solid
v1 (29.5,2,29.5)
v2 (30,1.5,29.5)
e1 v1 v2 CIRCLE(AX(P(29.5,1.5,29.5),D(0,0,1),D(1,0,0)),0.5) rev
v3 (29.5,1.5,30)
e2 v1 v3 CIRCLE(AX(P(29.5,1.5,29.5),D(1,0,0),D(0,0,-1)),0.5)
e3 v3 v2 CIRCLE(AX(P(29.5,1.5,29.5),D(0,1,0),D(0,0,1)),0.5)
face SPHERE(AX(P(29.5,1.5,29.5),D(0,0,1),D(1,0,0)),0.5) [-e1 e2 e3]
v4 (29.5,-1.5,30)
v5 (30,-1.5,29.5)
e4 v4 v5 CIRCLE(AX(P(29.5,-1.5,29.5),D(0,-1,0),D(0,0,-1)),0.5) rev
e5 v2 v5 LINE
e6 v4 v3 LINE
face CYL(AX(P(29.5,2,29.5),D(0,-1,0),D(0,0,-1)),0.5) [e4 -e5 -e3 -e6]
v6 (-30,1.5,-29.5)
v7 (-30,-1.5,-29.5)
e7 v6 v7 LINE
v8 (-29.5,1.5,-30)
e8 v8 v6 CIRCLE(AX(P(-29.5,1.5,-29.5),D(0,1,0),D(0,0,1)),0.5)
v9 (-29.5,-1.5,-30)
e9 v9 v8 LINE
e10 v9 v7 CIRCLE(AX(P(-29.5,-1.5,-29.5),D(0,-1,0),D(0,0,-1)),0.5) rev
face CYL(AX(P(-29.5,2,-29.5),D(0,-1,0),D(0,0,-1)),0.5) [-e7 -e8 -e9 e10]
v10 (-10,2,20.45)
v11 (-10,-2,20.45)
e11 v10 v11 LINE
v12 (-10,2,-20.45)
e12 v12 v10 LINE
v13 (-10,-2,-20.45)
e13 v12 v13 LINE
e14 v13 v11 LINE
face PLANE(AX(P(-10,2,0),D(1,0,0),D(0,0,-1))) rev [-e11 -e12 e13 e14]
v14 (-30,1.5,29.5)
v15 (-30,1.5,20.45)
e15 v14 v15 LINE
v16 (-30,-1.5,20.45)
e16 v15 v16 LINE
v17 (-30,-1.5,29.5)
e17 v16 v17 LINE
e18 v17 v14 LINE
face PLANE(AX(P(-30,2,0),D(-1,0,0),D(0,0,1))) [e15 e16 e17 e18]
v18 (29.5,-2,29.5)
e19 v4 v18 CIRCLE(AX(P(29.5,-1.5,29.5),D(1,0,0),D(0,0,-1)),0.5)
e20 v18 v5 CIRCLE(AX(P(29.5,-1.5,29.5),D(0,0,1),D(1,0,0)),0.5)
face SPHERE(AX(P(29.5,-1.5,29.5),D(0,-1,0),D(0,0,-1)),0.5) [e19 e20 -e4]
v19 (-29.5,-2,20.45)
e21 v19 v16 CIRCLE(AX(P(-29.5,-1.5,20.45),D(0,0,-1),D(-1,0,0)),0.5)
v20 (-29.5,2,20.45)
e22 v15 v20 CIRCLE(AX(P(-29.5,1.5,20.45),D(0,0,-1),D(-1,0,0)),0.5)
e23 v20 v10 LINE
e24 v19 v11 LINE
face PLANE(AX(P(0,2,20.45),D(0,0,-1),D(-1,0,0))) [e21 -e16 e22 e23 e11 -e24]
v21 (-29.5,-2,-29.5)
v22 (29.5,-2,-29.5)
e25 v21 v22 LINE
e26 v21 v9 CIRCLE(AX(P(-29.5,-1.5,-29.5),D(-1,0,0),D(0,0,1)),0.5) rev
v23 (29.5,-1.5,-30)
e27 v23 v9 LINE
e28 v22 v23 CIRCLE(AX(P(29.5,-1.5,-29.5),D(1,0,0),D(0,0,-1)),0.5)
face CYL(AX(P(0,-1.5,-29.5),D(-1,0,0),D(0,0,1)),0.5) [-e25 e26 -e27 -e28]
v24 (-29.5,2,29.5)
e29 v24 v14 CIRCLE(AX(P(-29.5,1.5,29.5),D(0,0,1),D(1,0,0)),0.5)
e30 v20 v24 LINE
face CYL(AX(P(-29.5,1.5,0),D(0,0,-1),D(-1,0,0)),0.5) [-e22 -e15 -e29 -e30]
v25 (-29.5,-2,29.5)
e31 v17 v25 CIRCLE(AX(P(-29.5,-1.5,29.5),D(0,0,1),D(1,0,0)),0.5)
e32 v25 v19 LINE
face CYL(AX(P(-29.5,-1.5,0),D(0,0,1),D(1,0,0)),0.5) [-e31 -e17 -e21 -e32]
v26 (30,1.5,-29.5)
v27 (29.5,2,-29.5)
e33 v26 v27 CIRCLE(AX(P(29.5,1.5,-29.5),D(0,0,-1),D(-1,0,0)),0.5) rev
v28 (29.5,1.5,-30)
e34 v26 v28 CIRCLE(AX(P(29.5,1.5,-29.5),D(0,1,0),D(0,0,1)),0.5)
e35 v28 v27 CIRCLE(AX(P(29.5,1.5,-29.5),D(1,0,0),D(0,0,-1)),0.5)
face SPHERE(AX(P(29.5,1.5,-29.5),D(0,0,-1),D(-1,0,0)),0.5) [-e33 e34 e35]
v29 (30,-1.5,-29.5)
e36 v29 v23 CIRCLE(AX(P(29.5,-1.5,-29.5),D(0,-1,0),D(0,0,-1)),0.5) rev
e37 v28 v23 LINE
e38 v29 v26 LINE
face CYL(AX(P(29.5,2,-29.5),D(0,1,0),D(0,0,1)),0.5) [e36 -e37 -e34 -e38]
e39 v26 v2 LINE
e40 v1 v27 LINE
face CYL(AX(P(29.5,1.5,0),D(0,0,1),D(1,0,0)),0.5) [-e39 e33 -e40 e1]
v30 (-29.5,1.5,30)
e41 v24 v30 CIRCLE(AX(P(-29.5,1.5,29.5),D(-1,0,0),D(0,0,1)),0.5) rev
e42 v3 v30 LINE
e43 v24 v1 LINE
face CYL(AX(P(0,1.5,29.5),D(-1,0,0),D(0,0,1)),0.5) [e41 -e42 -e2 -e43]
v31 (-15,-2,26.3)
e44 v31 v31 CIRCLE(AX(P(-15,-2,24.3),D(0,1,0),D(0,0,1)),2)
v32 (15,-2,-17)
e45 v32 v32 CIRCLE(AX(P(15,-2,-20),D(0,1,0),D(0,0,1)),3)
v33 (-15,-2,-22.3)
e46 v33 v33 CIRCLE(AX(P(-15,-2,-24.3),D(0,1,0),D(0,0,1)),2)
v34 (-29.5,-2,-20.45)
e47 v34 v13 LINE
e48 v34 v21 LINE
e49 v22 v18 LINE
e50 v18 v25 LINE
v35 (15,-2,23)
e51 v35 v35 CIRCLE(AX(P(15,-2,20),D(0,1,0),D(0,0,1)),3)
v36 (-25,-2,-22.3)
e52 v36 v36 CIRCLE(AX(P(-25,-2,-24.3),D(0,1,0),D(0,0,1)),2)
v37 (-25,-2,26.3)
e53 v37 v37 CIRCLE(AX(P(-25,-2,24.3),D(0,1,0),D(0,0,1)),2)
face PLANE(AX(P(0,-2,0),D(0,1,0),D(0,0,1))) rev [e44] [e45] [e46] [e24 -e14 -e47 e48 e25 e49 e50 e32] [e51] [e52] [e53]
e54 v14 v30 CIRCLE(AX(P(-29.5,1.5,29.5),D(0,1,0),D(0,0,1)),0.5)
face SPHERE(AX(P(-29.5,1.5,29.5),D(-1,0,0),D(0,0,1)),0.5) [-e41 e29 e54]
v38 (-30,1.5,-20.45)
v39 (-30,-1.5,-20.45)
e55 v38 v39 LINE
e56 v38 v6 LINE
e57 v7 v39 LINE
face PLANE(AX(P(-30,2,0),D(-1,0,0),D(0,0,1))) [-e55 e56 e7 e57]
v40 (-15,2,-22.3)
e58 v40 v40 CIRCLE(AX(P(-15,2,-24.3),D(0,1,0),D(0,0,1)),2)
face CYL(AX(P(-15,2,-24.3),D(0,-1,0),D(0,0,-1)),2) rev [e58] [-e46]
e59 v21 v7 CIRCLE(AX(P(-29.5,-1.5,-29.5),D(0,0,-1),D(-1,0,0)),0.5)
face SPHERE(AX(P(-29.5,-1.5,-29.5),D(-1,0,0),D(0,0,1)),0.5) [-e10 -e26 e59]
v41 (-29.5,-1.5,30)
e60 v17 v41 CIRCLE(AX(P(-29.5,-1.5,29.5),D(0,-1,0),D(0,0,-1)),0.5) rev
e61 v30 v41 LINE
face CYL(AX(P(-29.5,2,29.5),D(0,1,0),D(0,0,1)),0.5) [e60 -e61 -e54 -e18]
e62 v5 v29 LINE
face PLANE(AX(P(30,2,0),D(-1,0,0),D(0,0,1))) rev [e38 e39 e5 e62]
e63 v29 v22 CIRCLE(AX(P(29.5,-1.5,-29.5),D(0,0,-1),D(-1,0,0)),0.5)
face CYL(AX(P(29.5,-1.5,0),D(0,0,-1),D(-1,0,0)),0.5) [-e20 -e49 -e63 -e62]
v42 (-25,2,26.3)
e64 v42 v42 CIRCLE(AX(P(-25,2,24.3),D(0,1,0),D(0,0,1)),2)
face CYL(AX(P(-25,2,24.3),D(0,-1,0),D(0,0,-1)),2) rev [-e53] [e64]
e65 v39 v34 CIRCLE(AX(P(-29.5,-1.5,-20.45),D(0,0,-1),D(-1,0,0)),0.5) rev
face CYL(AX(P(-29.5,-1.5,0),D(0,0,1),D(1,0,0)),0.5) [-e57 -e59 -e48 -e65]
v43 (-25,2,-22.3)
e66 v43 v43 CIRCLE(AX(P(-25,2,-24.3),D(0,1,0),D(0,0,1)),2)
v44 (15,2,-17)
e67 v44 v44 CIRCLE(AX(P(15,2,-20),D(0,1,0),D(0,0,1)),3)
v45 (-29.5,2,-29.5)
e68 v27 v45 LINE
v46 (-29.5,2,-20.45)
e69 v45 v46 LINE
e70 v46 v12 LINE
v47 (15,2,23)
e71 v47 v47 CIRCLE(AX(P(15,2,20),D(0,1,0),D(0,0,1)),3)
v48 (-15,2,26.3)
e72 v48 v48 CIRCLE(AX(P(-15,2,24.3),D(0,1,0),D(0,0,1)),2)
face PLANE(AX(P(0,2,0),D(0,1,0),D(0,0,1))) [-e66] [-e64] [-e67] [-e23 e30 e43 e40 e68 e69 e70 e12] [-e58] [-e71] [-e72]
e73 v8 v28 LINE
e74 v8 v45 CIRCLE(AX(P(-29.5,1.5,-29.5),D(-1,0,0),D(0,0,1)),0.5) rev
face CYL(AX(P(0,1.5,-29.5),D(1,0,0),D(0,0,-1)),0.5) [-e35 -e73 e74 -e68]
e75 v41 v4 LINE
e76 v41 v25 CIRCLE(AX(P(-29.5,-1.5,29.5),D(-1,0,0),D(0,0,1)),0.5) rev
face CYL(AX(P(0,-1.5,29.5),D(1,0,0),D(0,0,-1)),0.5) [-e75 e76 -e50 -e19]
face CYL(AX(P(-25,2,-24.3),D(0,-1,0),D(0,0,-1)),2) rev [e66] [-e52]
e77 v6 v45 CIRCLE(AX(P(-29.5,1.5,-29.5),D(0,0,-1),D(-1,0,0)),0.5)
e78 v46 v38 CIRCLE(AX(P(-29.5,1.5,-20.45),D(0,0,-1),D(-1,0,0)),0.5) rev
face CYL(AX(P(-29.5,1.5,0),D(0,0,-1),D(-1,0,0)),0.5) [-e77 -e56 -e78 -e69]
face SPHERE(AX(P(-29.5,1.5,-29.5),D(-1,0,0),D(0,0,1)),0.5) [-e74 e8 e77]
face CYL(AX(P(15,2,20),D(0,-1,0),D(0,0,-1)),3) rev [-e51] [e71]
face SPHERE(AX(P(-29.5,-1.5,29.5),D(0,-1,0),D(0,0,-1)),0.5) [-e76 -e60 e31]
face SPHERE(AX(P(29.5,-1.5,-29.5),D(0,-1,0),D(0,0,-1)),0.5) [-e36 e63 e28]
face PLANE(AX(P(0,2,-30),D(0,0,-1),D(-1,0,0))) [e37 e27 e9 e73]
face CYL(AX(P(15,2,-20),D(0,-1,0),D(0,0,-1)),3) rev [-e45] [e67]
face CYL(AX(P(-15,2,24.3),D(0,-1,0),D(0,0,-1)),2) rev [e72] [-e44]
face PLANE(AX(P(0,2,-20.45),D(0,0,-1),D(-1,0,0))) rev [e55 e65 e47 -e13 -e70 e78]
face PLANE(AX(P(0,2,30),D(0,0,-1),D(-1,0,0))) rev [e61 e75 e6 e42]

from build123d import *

# Parameters (mm, degrees)
SKETCH1_R           = 2
SKETCH1_R_2         = 3
BOSS_EXTRUDE1_DEPTH = 2
FILLET1_R           = 0.5


with BuildPart() as part:
    # Sketch1 → Boss-Extrude1 (new, symmetric)
    with BuildSketch(Plane(origin=(0, 0, 0), x_dir=(1, 0, 0), z_dir=(0, 1, 0))):
        Polygon((-30, -20.45), (-30, -30), (30, -30), (30, 30), (-30, 30), (-30, 20.45), (-10, 20.45), (-10, -20.45), align=None)
        with Locations((-25, -24.3)):
            Circle(SKETCH1_R, mode=Mode.SUBTRACT)
        with Locations((-15, -24.3)):
            Circle(SKETCH1_R, mode=Mode.SUBTRACT)
        with Locations((15, -20)):
            Circle(SKETCH1_R_2, mode=Mode.SUBTRACT)
        with Locations((-25, 24.3)):
            Circle(SKETCH1_R, mode=Mode.SUBTRACT)
        with Locations((-15, 24.3)):
            Circle(SKETCH1_R, mode=Mode.SUBTRACT)
        with Locations((15, 20)):
            Circle(SKETCH1_R_2, mode=Mode.SUBTRACT)
    extrude(amount=BOSS_EXTRUDE1_DEPTH, both=True)

    # Fillet1
    fillet1_edges = [part.edges().sort_by_distance(p)[0] for p in [
        (30, 2, 0),
        (30, -2, 0),
        (-30, 0, 30),
        (0, 2, 30),
        (30, 0, 30),
        (0, -2, 30),
        (30, 0, -30),
        (0, 2, -30),
        (-30, 0, -30),
        (0, -2, -30),
        (-30, -2, 25.225),
        (-30, 2, 25.225),
        (-30, -2, -25.225),
        (-30, 2, -25.225),
    ]]
    fillet(fillet1_edges, radius=FILLET1_R)


solid = part.part
